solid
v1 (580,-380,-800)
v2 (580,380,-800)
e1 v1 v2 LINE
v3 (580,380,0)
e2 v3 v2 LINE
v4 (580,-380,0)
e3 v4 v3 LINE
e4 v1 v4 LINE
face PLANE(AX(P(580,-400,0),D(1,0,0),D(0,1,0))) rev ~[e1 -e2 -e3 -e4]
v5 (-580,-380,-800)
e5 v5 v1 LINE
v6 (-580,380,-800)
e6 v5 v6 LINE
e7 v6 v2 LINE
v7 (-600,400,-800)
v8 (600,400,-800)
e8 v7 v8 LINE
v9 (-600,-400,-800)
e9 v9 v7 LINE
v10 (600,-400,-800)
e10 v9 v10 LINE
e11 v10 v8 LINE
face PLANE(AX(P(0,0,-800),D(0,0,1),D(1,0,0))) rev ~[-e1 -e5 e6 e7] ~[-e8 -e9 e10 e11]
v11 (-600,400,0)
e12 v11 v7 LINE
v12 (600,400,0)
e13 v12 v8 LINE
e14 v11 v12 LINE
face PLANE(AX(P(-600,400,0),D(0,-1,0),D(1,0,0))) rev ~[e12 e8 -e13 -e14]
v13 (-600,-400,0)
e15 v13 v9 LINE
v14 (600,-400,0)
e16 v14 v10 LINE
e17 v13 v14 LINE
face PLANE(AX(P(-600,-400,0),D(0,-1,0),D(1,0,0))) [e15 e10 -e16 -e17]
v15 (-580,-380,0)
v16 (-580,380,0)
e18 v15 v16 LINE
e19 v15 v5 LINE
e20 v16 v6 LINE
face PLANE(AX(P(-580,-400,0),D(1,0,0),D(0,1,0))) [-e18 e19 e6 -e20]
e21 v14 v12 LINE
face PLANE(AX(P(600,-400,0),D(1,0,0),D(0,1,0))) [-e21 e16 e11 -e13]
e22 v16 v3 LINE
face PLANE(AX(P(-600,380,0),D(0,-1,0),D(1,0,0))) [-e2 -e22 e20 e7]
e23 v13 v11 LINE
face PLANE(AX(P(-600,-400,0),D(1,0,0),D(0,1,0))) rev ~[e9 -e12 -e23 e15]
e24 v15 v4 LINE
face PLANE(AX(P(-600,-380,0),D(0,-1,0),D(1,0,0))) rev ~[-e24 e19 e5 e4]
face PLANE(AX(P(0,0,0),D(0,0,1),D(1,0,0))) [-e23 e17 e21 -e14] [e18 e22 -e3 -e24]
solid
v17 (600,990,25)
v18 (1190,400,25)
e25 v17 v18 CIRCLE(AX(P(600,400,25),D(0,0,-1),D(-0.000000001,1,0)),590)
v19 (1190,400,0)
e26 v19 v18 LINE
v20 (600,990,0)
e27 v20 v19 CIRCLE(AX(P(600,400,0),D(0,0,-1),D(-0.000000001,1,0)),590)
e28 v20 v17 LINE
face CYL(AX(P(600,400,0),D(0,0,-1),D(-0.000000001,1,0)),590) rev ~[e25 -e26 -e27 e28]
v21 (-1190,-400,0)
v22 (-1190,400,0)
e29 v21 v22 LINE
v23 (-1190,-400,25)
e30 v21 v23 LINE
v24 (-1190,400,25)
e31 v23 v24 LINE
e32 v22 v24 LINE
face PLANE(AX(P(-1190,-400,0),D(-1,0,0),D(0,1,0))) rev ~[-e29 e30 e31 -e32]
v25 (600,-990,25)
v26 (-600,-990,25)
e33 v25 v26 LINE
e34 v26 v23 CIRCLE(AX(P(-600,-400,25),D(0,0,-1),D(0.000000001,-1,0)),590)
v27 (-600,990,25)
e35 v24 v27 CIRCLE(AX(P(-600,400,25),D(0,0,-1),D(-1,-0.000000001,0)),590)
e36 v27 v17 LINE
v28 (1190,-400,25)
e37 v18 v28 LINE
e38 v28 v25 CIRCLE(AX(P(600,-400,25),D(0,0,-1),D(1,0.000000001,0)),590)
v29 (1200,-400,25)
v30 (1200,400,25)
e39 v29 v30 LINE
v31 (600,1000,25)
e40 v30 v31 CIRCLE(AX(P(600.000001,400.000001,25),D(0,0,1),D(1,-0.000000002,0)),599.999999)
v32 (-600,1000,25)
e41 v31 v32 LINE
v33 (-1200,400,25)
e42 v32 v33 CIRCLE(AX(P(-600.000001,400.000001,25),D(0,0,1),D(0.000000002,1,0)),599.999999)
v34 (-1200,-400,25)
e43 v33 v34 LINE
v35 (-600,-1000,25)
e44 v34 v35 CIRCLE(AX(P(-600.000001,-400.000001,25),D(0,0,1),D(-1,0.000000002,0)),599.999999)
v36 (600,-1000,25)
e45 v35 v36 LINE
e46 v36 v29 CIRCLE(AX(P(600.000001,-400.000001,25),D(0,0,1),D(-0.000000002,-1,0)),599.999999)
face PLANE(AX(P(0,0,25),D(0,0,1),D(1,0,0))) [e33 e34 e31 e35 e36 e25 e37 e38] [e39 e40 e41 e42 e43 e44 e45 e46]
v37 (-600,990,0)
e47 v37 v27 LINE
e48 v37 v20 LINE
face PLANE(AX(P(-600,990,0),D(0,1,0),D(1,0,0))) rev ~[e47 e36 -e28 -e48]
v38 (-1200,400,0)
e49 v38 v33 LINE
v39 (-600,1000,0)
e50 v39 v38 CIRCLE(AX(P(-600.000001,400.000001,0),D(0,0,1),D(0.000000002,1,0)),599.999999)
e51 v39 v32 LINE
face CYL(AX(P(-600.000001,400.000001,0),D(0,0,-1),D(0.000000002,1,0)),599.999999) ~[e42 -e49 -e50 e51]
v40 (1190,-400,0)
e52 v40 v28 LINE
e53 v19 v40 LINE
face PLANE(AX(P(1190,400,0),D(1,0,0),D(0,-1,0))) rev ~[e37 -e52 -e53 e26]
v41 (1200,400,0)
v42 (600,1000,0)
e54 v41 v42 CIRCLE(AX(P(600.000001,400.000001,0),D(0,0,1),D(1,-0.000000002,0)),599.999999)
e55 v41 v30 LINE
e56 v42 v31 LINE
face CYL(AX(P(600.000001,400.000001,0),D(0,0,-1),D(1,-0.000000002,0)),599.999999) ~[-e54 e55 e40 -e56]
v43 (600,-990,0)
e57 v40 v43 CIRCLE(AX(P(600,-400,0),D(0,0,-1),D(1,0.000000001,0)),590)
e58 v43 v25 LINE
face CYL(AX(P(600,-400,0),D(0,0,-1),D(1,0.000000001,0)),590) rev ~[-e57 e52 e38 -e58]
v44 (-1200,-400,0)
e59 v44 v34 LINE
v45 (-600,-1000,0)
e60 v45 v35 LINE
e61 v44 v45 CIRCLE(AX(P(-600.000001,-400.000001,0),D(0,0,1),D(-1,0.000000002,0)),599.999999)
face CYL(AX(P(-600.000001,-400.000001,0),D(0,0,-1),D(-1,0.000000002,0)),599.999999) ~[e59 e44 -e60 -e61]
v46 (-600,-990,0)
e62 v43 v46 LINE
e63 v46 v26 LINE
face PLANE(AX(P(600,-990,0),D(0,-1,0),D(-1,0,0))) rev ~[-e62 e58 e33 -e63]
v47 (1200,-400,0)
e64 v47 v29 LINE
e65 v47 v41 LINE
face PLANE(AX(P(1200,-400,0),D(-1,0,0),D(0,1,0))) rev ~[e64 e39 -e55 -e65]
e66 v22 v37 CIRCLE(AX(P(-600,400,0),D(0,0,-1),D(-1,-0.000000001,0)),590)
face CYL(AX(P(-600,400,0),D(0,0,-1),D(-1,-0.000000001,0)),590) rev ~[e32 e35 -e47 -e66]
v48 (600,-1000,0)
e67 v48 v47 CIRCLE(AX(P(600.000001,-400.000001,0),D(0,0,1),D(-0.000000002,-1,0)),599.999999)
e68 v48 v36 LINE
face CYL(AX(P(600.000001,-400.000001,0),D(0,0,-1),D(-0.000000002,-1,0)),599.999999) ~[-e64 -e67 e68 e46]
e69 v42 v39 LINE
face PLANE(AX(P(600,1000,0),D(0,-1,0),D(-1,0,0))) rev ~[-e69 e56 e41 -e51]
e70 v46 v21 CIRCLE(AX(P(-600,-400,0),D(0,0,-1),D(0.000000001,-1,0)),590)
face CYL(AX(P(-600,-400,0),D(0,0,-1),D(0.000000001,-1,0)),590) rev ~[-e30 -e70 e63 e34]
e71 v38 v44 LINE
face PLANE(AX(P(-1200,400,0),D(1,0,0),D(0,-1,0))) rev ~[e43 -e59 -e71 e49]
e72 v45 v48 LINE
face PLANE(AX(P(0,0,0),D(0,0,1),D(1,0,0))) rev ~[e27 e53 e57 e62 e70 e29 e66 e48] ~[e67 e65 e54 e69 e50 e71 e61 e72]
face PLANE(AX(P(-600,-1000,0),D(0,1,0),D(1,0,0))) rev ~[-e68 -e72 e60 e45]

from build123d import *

# Parameters (mm, degrees)
F1_W     = 1200
F1_H     = 800
F2_DEPTH = 800
F4_DEPTH = 25
F5_T     = -20


with BuildPart() as f2:
    # F1 (on face) → F2 (new body)
    with BuildSketch(Plane.XY):
        Rectangle(F1_W, F1_H)
    extrude(amount=-F2_DEPTH)

    # F5
    f5_openings = [f2.faces().sort_by_distance(p)[0] for p in [
        (0, 0, 0),
        (0, 0, -800),
    ]]
    offset(amount=F5_T, openings=f5_openings)


with BuildPart() as f4:
    # F3 (on face) → F4 (new body)
    with BuildSketch(Plane.XY):
        with BuildLine():
            Line((600, 1000), (-600, 1000))
            ThreePointArc((-600, 1000), (-1024.264069, 824.264069), (-1200, 400))
            Line((-1200, 400), (-1200, -400))
            ThreePointArc((-1200, -400), (-1024.264069, -824.264069), (-600, -1000))
            Line((-600, -1000), (600, -1000))
            ThreePointArc((600, -1000), (1024.264069, -824.264069), (1200, -400))
            Line((1200, -400), (1200, 400))
            ThreePointArc((1200, 400), (1024.264069, 824.264069), (600, 1000))
        make_face()
        with BuildLine():
            ThreePointArc((-600, -990), (-1017.193001, -817.193001), (-1190, -400))
            Line((-1190, -400), (-1190, 400))
            ThreePointArc((-1190, 400), (-1017.193001, 817.193001), (-600, 990))
            Line((-600, 990), (600, 990))
            ThreePointArc((600, 990), (1017.193001, 817.193001), (1190, 400))
            Line((1190, 400), (1190, -400))
            ThreePointArc((1190, -400), (1017.193001, -817.193001), (600, -990))
            Line((600, -990), (-600, -990))
        make_face(mode=Mode.SUBTRACT)
    extrude(amount=F4_DEPTH)


solid = Compound([f2.part, f4.part])
